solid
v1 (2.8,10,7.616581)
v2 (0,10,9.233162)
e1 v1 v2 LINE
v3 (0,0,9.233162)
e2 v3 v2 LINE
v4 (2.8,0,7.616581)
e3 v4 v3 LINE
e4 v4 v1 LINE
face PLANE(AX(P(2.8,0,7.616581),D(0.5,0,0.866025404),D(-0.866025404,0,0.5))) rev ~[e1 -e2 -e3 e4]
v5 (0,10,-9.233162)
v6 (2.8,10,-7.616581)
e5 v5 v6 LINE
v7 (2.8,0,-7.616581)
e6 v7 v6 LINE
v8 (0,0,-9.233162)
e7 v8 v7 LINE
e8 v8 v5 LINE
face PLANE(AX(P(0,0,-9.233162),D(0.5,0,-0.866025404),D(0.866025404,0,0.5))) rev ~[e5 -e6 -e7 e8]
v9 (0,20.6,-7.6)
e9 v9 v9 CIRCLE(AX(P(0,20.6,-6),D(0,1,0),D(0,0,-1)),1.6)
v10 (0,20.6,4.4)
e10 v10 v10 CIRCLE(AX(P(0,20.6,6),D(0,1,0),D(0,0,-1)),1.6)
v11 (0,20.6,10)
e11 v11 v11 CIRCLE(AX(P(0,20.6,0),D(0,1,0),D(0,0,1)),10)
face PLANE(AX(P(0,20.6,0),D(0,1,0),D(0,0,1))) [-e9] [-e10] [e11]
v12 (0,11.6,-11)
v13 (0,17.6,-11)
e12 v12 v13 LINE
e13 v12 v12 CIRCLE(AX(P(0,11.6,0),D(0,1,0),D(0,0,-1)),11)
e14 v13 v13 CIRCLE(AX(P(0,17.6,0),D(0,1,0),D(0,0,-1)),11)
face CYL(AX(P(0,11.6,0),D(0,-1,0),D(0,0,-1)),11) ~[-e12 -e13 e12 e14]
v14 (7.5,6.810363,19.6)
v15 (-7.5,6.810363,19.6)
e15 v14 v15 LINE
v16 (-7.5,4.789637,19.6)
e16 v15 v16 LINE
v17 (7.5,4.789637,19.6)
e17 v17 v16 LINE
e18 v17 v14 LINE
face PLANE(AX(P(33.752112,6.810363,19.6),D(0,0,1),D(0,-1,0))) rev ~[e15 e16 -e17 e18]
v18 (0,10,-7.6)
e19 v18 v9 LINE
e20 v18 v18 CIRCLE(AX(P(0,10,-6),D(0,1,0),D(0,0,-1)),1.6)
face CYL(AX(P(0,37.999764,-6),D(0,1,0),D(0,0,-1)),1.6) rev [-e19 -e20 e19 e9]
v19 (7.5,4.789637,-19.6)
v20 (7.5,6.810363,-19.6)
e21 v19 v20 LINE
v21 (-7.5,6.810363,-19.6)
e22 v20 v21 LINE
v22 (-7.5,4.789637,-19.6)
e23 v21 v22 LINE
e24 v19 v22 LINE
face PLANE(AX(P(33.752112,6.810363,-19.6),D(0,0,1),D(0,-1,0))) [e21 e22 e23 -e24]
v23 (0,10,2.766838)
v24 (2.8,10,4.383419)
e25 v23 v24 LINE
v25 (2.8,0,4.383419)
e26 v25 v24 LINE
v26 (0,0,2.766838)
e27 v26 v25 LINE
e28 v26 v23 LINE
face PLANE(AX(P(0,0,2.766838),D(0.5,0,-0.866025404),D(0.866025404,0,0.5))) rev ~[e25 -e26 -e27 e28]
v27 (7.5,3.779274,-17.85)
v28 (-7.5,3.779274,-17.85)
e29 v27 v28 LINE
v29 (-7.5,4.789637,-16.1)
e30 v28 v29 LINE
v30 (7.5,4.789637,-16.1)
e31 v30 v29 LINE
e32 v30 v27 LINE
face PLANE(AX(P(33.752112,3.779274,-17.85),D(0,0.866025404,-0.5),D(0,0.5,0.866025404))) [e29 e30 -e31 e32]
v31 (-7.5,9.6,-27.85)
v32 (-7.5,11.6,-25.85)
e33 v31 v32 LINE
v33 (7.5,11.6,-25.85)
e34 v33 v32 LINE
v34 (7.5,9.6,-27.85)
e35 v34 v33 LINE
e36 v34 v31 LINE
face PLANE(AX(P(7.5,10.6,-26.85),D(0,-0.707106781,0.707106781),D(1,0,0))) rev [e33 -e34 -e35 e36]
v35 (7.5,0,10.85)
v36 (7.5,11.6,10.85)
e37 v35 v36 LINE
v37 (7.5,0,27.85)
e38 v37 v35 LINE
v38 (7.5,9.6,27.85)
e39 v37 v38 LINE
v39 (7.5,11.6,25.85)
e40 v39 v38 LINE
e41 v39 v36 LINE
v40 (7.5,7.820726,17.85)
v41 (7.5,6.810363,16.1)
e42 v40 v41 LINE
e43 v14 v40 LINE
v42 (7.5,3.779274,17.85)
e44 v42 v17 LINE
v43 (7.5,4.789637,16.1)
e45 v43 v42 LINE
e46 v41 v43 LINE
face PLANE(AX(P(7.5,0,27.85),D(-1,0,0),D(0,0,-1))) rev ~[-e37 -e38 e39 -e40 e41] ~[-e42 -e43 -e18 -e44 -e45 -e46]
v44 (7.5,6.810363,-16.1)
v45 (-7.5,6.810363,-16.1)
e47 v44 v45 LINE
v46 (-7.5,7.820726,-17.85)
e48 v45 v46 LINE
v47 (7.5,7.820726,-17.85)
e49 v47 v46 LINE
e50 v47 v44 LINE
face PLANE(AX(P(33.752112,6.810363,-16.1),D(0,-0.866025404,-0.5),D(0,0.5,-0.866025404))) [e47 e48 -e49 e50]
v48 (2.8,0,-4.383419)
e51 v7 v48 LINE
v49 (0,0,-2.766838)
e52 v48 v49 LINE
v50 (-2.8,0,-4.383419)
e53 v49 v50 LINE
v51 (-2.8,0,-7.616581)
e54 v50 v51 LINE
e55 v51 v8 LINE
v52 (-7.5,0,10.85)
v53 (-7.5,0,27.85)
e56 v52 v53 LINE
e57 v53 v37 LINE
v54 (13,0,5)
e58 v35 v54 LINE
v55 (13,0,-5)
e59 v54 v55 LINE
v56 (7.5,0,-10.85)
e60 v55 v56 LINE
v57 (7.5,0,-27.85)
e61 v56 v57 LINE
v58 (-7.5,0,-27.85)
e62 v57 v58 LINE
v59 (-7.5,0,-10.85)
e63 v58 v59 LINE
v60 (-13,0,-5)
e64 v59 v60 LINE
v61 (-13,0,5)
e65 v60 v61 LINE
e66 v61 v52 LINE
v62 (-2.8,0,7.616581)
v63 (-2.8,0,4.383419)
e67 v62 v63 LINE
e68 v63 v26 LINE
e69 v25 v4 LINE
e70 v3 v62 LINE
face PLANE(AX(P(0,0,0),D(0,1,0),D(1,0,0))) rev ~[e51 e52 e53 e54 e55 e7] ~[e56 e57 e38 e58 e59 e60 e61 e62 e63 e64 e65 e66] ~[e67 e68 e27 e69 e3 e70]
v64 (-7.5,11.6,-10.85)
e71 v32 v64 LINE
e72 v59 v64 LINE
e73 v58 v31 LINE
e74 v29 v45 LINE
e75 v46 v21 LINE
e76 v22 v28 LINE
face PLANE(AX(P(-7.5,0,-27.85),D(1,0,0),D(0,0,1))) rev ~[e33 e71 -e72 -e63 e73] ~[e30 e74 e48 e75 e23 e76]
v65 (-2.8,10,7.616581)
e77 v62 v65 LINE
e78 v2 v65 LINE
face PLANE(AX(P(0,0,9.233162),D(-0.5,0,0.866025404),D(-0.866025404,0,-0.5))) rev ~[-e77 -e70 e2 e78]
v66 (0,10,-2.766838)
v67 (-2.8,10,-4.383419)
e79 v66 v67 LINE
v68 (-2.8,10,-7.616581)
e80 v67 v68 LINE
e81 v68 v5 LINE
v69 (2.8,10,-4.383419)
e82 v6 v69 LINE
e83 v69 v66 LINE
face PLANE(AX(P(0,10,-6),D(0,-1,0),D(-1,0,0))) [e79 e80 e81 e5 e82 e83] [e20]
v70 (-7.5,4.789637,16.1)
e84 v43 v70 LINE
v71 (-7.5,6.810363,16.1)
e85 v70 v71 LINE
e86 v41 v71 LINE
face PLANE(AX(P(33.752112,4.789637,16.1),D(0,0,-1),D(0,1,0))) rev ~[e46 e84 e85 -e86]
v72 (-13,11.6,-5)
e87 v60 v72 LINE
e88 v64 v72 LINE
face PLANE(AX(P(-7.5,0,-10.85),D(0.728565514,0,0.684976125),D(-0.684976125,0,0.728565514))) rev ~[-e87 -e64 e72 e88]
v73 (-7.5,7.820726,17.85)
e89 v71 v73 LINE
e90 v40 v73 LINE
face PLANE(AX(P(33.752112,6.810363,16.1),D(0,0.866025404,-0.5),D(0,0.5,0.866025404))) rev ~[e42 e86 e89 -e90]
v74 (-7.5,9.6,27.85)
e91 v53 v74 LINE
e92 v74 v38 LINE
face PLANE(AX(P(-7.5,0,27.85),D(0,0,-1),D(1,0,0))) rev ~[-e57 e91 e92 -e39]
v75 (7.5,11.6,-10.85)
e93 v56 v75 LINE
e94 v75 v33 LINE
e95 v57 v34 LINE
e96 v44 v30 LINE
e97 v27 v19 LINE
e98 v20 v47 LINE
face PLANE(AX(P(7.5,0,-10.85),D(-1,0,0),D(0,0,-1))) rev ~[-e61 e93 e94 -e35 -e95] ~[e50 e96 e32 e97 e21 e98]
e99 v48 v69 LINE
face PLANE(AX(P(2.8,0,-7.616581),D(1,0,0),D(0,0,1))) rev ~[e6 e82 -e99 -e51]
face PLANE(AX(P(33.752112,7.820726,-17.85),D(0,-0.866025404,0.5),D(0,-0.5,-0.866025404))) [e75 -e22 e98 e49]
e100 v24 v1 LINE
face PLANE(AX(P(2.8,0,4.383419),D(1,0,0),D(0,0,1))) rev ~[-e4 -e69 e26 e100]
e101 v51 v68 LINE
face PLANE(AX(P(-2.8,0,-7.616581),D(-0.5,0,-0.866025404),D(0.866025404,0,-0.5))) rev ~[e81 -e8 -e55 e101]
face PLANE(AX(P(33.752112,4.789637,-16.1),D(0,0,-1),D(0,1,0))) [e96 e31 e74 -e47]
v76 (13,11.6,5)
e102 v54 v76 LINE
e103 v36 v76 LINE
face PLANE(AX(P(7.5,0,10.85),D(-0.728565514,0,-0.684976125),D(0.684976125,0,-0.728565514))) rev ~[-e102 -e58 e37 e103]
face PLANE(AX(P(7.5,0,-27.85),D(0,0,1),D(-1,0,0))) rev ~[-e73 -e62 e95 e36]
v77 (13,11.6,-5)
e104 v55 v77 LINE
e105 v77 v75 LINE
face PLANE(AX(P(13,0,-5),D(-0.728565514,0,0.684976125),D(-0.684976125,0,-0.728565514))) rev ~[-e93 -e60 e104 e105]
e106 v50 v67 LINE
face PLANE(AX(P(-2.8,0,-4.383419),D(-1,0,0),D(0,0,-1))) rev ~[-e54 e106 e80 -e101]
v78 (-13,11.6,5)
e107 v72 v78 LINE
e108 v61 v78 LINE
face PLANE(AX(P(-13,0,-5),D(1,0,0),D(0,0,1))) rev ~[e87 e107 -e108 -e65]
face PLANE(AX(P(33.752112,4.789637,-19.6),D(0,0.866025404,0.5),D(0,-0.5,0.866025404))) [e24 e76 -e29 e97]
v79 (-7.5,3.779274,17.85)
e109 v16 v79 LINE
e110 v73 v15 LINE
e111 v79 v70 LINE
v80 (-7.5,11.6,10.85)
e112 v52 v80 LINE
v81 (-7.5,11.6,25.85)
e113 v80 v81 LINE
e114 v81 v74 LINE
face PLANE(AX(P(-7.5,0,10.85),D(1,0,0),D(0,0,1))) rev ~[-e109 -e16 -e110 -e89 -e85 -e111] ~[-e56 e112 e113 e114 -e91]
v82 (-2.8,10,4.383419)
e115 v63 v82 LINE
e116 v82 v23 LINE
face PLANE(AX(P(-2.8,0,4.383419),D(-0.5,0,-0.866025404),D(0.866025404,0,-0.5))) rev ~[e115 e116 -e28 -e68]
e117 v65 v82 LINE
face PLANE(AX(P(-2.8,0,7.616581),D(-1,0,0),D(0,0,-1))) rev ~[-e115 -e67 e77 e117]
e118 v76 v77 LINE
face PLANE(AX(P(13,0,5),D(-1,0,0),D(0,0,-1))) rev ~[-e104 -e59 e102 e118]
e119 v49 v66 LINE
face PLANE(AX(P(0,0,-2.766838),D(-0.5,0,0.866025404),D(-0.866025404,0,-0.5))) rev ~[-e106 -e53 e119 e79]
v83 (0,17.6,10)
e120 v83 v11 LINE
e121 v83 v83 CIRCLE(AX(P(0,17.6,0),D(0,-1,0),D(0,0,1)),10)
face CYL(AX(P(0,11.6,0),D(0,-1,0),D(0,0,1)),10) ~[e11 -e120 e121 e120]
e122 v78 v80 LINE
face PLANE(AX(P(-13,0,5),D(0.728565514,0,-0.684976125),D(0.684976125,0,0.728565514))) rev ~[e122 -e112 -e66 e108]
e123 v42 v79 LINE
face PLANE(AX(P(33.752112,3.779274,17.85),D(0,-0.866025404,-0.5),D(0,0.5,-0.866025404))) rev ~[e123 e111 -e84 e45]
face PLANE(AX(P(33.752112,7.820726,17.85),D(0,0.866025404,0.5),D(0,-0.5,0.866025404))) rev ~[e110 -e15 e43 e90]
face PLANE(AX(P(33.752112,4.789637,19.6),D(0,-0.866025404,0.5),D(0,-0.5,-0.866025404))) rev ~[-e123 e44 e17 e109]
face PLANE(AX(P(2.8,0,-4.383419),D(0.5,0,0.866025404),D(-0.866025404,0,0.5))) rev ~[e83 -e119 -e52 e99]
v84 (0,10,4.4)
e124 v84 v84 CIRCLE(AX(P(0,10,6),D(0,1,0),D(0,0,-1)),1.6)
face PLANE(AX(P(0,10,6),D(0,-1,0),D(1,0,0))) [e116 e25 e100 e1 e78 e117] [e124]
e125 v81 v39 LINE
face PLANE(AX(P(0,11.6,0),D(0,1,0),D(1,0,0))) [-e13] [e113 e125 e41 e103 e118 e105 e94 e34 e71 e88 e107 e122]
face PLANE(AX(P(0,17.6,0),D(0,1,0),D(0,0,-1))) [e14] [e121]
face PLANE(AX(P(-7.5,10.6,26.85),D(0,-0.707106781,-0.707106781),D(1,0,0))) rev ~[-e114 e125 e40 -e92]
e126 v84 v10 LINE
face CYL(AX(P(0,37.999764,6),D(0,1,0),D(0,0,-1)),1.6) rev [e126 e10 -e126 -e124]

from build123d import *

# Parameters (mm, degrees)
BOSS_EXTRU_1_DEPTH           = 11.6
ESQUISSE2_R                  = 10
BOSS_EXTRU_2_DEPTH           = 9
ENL_V_MAT_EXTRU_1_DEPTH      = 37.999763513
ENL_V_MAT_EXTRU_1_DEPTH_BACK = 37.999763513
ESQUISSE3_R                  = 1.6
ENL_V_MAT_EXTRU_2_DEPTH      = 41.252111746
ENL_V_MAT_EXTRU_2_DEPTH_BACK = 41.252111746
CHANFREIN1_SIZE              = 2
ESQUISSE7_R                  = 11
ESQUISSE7_R_2                = 1.6
BOSS_EXTRU_3_DEPTH           = 6
ENL_V_MAT_EXTRU_3_DEPTH      = 10
R_P_TITION_CIRCULAIRE1_COUNT = 2


with BuildPart() as part:
    # Esquisse1 → Boss.-Extru.1 (new body)
    with BuildSketch(Plane(origin=(0, 0, 0), x_dir=(1, 0, 0), z_dir=(0, 1, 0))):
        Polygon((7.5, 27.85), (-7.5, 27.85), (-7.5, 10.85), (-13, 5), (-13, -5), (-7.5, -10.85), (-7.5, -27.85), (7.5, -27.85), (7.5, -10.85), (13, -5), (13, 5), (7.5, 10.85), align=None)
    extrude(amount=BOSS_EXTRU_1_DEPTH)

    # Esquisse2 → Boss.-Extru.2 (add)
    with BuildSketch(Plane(origin=(0, 11.6, 0), x_dir=(1, 0, 0), z_dir=(0, 1, 0))):
        with Locations(Location((0, 0, 0), (0, 0, 270))):
            Circle(ESQUISSE2_R)
    extrude(amount=BOSS_EXTRU_2_DEPTH)

    # Esquisse3 → Enlèv. mat.-Extru.1 (cut, two sides: drawn at the far end of the back side and taken through both)
    with BuildSketch(Plane.XZ.offset(-ENL_V_MAT_EXTRU_1_DEPTH_BACK)):
        with Locations(Location((0, 6, 0), (0, 0, 270))):
            Circle(ESQUISSE3_R)
        with Locations(Location((0, -6, 0), (0, 0, 270))):
            Circle(ESQUISSE3_R)
    extrude(amount=ENL_V_MAT_EXTRU_1_DEPTH + ENL_V_MAT_EXTRU_1_DEPTH_BACK, mode=Mode.SUBTRACT)

    # Esquisse6 → Enlèv. mat.-Extru.2 (cut, two sides: drawn at the far end of the back side and taken through both)
    with BuildSketch(Plane.ZY.offset(7.5).offset(-ENL_V_MAT_EXTRU_2_DEPTH_BACK)):
        Polygon((16.1, 6.810362971), (17.85, 7.820725942), (19.6, 6.810362971), (19.6, 4.789637029), (17.85, 3.779274058), (16.1, 4.789637029), align=None)
        Polygon((-17.85, 7.820725942), (-19.6, 6.810362971), (-19.6, 4.789637029), (-17.85, 3.779274058), (-16.1, 4.789637029), (-16.1, 6.810362971), align=None)
    extrude(amount=ENL_V_MAT_EXTRU_2_DEPTH + ENL_V_MAT_EXTRU_2_DEPTH_BACK, mode=Mode.SUBTRACT)

    # Chanfrein1
    chanfrein1_edges = [part.edges().sort_by_distance(p)[0] for p in [
        (0, 11.6, 27.85),
        (0, 11.6, -27.85),
    ]]
    chamfer(chanfrein1_edges, length=CHANFREIN1_SIZE)

    # Esquisse7 → Boss.-Extru.3 (add)
    with BuildSketch(Plane(origin=(0, 11.6, 0), x_dir=(1, 0, 0), z_dir=(0, 1, 0))):
        with Locations(Location((0, 0, 0), (0, 0, 90))):
            Circle(ESQUISSE7_R)
        with Locations(Location((0, 6, 0), (0, 0, 90))):
            Circle(ESQUISSE7_R_2, mode=Mode.SUBTRACT)
        with Locations(Location((0, -6, 0), (0, 0, 90))):
            Circle(ESQUISSE7_R_2, mode=Mode.SUBTRACT)
    extrude(amount=BOSS_EXTRU_3_DEPTH)

    # Esquisse8 → Enlèv. mat.-Extru.3 (cut)
    with BuildSketch(Plane.XZ):
        Polygon((0, 9.233161507), (-2.8, 7.616580754), (-2.8, 4.383419246), (0, 2.766838493), (2.8, 4.383419246), (2.8, 7.616580754), align=None)
    enl_v_mat_extru_3 = extrude(amount=-ENL_V_MAT_EXTRU_3_DEPTH, mode=Mode.SUBTRACT)

    # Répétition circulaire1: Enlèv. mat.-Extru.3 ×2 about axis
    r_p_tition_circulaire1_axis = Axis((0, 0, 0), (0, 1, 0))
    for i in range(1, R_P_TITION_CIRCULAIRE1_COUNT):
        add(enl_v_mat_extru_3.rotate(r_p_tition_circulaire1_axis, i * 360 / R_P_TITION_CIRCULAIRE1_COUNT), mode=Mode.SUBTRACT)


solid = part.part
